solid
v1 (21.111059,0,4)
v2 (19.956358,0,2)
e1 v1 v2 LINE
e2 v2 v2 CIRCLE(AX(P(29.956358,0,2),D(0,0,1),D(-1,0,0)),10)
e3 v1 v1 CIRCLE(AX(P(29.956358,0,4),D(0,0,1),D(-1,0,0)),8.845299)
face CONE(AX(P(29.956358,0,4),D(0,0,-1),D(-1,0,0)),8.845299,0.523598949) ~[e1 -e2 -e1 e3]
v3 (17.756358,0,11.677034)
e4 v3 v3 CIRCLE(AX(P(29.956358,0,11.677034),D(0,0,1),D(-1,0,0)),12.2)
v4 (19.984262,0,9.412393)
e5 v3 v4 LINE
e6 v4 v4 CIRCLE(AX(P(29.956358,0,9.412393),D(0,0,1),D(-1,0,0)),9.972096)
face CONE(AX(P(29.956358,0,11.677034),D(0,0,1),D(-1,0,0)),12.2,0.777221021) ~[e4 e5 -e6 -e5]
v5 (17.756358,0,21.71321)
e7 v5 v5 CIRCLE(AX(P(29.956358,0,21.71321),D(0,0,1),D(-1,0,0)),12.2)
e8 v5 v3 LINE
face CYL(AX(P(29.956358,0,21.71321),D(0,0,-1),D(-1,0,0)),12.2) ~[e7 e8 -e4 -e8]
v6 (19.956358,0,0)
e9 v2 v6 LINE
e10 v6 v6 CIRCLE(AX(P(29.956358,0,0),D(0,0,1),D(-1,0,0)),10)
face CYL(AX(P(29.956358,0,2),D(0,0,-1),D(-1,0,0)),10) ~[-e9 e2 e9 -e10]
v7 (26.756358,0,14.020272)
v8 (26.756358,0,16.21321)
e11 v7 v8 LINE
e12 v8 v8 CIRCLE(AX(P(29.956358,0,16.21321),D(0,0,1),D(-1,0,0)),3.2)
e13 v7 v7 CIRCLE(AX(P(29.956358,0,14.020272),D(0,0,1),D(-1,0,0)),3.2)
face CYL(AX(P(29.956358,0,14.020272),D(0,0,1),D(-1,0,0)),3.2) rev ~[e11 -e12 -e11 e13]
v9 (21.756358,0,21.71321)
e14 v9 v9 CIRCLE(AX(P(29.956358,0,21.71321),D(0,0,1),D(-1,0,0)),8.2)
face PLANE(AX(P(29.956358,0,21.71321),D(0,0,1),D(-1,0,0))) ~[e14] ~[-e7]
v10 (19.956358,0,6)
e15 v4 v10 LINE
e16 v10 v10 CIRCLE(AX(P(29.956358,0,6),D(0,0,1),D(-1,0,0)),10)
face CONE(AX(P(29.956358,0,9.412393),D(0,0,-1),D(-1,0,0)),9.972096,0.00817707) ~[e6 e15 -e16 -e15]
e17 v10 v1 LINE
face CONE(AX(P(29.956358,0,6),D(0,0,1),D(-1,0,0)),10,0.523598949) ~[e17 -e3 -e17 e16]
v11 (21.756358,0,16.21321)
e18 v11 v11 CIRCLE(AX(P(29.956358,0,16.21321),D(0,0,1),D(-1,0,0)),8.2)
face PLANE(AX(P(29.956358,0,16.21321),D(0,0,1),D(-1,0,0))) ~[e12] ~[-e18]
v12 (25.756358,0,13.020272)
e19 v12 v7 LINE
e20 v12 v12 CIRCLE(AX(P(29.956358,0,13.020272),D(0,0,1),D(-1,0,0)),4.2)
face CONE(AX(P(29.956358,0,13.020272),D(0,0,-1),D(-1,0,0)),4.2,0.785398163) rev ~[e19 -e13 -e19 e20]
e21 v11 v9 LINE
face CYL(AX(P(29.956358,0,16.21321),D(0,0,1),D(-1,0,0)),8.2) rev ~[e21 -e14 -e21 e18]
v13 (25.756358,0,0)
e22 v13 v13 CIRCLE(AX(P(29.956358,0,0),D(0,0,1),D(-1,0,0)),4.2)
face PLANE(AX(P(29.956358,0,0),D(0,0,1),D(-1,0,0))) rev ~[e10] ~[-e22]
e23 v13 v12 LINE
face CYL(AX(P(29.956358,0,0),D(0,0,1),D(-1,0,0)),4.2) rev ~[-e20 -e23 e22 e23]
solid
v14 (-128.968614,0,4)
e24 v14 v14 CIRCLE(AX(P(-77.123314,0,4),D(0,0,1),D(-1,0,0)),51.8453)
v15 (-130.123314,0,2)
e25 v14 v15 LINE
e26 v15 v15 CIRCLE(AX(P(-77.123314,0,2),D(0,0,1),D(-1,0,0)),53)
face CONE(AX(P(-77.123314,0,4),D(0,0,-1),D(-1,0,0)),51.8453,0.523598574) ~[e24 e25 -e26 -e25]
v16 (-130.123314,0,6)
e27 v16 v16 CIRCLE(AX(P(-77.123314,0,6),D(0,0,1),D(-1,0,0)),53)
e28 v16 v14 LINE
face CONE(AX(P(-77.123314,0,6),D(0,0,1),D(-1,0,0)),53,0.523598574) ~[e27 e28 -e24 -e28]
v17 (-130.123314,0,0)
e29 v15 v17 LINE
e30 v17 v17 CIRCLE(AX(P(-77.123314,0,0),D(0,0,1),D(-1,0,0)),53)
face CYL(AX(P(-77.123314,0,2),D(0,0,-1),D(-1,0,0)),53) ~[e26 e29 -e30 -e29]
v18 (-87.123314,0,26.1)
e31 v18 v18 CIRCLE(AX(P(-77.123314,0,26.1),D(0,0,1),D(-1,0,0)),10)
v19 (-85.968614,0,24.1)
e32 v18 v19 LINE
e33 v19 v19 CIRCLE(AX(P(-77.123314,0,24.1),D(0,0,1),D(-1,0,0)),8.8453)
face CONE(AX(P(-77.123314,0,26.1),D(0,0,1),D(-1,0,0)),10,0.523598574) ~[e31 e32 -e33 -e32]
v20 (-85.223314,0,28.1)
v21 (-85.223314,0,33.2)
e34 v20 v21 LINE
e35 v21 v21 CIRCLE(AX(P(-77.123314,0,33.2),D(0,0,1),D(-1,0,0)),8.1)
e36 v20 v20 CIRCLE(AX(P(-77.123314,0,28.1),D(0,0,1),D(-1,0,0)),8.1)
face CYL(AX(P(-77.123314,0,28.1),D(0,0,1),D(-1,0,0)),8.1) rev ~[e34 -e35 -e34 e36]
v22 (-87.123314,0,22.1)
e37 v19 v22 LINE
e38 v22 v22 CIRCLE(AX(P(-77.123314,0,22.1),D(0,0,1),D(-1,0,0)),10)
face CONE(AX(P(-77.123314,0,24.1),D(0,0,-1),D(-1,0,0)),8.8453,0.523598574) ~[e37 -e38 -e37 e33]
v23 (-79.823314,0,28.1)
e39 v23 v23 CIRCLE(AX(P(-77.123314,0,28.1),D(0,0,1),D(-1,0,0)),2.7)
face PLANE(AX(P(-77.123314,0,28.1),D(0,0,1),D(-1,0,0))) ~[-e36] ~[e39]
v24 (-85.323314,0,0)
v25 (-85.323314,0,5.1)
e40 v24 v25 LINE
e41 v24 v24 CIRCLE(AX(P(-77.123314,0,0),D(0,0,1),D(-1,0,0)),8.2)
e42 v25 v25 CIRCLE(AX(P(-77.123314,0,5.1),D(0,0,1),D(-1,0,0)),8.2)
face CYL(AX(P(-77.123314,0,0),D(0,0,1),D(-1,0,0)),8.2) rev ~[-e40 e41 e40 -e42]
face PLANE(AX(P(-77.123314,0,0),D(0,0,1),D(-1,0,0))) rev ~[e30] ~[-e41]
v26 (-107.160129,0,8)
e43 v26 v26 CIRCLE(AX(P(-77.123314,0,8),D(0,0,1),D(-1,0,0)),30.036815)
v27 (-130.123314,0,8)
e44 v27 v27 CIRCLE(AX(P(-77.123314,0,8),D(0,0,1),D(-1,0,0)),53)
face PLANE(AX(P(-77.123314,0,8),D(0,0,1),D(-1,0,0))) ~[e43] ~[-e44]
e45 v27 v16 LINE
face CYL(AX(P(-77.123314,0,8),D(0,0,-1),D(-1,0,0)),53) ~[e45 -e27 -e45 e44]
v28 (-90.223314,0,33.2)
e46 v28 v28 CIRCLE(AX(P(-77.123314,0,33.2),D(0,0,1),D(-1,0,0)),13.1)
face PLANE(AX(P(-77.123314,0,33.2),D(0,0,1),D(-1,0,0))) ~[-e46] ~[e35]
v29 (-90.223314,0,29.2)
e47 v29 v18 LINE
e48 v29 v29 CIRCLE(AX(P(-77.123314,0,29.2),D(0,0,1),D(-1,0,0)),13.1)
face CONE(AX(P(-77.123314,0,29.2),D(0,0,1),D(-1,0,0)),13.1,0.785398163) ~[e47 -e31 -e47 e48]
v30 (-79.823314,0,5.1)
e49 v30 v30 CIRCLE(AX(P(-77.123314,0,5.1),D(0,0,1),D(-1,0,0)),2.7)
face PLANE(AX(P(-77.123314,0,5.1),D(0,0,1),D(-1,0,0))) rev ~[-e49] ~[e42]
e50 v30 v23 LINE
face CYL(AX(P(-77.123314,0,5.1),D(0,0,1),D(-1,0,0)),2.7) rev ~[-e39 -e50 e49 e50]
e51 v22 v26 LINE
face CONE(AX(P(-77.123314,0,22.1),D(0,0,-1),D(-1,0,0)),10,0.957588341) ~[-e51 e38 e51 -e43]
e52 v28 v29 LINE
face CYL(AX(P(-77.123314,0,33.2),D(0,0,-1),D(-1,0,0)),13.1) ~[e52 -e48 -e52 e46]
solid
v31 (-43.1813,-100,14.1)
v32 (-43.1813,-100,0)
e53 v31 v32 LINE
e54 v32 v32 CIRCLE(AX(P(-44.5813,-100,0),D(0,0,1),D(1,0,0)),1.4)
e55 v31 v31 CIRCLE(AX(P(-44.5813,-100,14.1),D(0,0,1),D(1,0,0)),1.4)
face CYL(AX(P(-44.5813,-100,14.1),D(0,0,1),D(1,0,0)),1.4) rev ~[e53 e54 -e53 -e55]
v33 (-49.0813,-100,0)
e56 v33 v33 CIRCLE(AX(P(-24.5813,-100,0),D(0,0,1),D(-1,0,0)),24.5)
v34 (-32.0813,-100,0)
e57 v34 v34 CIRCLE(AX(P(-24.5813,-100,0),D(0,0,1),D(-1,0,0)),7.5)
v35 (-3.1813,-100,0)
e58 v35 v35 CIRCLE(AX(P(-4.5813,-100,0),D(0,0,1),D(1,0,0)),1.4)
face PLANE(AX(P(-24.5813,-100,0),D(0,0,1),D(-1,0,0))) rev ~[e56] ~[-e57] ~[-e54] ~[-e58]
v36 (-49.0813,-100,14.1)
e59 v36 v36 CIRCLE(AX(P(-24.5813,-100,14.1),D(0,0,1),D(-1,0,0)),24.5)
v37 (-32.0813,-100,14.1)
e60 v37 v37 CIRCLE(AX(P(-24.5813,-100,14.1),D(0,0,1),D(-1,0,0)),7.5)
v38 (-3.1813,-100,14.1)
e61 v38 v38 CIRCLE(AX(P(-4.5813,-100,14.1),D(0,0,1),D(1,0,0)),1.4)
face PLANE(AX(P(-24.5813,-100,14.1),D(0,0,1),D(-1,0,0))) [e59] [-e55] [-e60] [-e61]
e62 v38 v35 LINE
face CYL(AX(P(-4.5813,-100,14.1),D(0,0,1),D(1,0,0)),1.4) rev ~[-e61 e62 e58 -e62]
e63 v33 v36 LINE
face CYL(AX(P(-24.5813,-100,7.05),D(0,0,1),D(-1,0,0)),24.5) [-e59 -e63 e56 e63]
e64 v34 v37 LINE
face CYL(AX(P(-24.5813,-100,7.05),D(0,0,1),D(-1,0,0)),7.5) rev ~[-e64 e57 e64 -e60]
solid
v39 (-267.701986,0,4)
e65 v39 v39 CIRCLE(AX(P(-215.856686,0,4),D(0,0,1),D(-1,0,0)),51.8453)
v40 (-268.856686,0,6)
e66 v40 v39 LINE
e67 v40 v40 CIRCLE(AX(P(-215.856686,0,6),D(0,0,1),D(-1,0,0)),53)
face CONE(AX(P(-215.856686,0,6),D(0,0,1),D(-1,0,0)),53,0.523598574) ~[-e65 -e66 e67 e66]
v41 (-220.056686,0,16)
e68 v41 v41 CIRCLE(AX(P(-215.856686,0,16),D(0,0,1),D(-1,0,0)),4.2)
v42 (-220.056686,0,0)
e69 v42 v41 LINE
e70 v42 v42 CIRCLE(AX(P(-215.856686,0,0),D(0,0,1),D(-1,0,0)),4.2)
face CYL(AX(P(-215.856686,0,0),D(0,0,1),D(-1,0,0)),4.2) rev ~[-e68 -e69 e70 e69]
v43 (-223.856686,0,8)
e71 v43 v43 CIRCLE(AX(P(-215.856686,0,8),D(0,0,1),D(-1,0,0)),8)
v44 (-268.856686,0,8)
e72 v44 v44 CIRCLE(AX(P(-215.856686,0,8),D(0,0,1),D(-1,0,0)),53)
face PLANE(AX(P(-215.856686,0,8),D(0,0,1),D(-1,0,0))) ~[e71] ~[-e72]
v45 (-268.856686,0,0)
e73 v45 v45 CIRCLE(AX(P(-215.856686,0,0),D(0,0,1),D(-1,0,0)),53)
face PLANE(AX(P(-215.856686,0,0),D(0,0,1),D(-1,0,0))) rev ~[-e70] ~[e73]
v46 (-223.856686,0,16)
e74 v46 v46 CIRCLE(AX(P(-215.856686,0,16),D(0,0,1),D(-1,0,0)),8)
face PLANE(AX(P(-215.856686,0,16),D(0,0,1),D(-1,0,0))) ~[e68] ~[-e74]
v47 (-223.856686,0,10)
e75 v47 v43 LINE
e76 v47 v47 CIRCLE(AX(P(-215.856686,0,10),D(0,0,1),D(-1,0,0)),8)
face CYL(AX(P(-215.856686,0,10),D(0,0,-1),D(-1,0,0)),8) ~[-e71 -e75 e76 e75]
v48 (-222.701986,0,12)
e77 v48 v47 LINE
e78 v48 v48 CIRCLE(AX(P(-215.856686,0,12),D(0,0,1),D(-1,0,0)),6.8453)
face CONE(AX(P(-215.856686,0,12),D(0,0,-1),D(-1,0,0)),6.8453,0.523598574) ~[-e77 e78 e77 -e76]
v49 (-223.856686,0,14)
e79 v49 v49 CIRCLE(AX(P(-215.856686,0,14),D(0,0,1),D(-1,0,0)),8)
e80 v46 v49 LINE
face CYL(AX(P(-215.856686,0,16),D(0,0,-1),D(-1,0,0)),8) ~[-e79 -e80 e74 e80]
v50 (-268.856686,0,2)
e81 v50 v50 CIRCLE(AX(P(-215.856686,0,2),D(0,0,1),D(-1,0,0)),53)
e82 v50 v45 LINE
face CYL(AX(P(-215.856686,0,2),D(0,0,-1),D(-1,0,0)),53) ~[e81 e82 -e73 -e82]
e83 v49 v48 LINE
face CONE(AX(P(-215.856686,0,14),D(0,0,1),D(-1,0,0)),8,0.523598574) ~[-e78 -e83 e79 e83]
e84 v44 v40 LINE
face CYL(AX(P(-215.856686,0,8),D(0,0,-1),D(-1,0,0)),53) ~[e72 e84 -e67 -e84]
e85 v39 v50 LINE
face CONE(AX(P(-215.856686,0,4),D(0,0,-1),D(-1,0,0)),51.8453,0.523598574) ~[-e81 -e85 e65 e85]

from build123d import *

# Parameters (mm, degrees)
F5_W     = 17
F5_H     = 14.1
F7_R     = 1.4
F8_DEPTH = 25


with BuildPart() as f1:
    # F0 (on Front) → F1 (revolve)
    with BuildSketch(Plane.XZ):
        Polygon((25.756358, 16.21321), (25.756358, 13.020272), (26.756358, 14.020272), (26.756358, 16.21321), align=None)
        Polygon((19.956358, 0), (25.756358, 0), (25.756358, 13.020272), (25.756358, 16.21321), (21.756358, 16.21321), (21.756358, 21.71321), (17.756358, 21.71321), (17.756358, 11.677034), (19.984262, 9.412393), (19.956358, 6), (21.111059, 4), (19.956358, 2), align=None)
    revolve(axis=Axis((29.956358, 0, 6.343111), (0, 0, 1)))


with BuildPart() as f2:
    # F0 (on Front) → F2 (revolve)
    with BuildSketch(Plane.XZ):
        Polygon((-130.123314, 2), (-130.123314, 0), (-85.323314, 0), (-85.323314, 5.1), (-79.823314, 5.1), (-79.823314, 28.1), (-85.223314, 28.1), (-87.123314, 28.1), (-87.123314, 26.1), (-85.968614, 24.1), (-87.123314, 22.1), (-87.123314, 8), (-107.160129, 8), (-130.123314, 8), (-130.123314, 6), (-128.968614, 4), align=None)
        Polygon((-87.123314, 28.1), (-85.223314, 28.1), (-85.223314, 33.2), (-90.223314, 33.2), (-90.223314, 29.2), (-87.123314, 26.1), align=None)
        Polygon((-87.123314, 22.1), (-107.160129, 8), (-87.123314, 8), align=None)
    revolve(axis=Axis((-77.123314, 0, 8.085711), (0, 0, 1)))


with BuildPart() as f3:
    # F0 (on Front) → F3 (revolve)
    with BuildSketch(Plane.XZ):
        Polygon((-268.856686, 2), (-268.856686, 0), (-234.056686, 0), (-224.056686, 0), (-220.056686, 0), (-220.056686, 16), (-223.856686, 16), (-223.856686, 14), (-222.701986, 12), (-223.856686, 10), (-223.856686, 8), (-268.856686, 8), (-268.856686, 6), (-267.701986, 4), align=None)
    revolve(axis=Axis((-215.856686, 0, 11.447526), (0, 0, 1)))


with BuildPart() as f6:
    # F5 (on offset) → F6 (revolve)
    with BuildSketch(Plane.XZ.offset(100)):
        with Locations((-40.5813, 7.05)):
            Rectangle(F5_W, F5_H)
    revolve(axis=Axis((-24.5813, -100, 7.684422), (0, 0, 1)))

    # F7 (on face) → F8 (cut)
    with BuildSketch(Plane.XY.offset(14.1)):
        with Locations((-44.5813, -100)):
            Circle(F7_R)
        with Locations((-4.5813, -100)):
            Circle(F7_R)
    extrude(amount=-F8_DEPTH, mode=Mode.SUBTRACT)


solid = Compound([f1.part, f2.part, f3.part, f6.part])
